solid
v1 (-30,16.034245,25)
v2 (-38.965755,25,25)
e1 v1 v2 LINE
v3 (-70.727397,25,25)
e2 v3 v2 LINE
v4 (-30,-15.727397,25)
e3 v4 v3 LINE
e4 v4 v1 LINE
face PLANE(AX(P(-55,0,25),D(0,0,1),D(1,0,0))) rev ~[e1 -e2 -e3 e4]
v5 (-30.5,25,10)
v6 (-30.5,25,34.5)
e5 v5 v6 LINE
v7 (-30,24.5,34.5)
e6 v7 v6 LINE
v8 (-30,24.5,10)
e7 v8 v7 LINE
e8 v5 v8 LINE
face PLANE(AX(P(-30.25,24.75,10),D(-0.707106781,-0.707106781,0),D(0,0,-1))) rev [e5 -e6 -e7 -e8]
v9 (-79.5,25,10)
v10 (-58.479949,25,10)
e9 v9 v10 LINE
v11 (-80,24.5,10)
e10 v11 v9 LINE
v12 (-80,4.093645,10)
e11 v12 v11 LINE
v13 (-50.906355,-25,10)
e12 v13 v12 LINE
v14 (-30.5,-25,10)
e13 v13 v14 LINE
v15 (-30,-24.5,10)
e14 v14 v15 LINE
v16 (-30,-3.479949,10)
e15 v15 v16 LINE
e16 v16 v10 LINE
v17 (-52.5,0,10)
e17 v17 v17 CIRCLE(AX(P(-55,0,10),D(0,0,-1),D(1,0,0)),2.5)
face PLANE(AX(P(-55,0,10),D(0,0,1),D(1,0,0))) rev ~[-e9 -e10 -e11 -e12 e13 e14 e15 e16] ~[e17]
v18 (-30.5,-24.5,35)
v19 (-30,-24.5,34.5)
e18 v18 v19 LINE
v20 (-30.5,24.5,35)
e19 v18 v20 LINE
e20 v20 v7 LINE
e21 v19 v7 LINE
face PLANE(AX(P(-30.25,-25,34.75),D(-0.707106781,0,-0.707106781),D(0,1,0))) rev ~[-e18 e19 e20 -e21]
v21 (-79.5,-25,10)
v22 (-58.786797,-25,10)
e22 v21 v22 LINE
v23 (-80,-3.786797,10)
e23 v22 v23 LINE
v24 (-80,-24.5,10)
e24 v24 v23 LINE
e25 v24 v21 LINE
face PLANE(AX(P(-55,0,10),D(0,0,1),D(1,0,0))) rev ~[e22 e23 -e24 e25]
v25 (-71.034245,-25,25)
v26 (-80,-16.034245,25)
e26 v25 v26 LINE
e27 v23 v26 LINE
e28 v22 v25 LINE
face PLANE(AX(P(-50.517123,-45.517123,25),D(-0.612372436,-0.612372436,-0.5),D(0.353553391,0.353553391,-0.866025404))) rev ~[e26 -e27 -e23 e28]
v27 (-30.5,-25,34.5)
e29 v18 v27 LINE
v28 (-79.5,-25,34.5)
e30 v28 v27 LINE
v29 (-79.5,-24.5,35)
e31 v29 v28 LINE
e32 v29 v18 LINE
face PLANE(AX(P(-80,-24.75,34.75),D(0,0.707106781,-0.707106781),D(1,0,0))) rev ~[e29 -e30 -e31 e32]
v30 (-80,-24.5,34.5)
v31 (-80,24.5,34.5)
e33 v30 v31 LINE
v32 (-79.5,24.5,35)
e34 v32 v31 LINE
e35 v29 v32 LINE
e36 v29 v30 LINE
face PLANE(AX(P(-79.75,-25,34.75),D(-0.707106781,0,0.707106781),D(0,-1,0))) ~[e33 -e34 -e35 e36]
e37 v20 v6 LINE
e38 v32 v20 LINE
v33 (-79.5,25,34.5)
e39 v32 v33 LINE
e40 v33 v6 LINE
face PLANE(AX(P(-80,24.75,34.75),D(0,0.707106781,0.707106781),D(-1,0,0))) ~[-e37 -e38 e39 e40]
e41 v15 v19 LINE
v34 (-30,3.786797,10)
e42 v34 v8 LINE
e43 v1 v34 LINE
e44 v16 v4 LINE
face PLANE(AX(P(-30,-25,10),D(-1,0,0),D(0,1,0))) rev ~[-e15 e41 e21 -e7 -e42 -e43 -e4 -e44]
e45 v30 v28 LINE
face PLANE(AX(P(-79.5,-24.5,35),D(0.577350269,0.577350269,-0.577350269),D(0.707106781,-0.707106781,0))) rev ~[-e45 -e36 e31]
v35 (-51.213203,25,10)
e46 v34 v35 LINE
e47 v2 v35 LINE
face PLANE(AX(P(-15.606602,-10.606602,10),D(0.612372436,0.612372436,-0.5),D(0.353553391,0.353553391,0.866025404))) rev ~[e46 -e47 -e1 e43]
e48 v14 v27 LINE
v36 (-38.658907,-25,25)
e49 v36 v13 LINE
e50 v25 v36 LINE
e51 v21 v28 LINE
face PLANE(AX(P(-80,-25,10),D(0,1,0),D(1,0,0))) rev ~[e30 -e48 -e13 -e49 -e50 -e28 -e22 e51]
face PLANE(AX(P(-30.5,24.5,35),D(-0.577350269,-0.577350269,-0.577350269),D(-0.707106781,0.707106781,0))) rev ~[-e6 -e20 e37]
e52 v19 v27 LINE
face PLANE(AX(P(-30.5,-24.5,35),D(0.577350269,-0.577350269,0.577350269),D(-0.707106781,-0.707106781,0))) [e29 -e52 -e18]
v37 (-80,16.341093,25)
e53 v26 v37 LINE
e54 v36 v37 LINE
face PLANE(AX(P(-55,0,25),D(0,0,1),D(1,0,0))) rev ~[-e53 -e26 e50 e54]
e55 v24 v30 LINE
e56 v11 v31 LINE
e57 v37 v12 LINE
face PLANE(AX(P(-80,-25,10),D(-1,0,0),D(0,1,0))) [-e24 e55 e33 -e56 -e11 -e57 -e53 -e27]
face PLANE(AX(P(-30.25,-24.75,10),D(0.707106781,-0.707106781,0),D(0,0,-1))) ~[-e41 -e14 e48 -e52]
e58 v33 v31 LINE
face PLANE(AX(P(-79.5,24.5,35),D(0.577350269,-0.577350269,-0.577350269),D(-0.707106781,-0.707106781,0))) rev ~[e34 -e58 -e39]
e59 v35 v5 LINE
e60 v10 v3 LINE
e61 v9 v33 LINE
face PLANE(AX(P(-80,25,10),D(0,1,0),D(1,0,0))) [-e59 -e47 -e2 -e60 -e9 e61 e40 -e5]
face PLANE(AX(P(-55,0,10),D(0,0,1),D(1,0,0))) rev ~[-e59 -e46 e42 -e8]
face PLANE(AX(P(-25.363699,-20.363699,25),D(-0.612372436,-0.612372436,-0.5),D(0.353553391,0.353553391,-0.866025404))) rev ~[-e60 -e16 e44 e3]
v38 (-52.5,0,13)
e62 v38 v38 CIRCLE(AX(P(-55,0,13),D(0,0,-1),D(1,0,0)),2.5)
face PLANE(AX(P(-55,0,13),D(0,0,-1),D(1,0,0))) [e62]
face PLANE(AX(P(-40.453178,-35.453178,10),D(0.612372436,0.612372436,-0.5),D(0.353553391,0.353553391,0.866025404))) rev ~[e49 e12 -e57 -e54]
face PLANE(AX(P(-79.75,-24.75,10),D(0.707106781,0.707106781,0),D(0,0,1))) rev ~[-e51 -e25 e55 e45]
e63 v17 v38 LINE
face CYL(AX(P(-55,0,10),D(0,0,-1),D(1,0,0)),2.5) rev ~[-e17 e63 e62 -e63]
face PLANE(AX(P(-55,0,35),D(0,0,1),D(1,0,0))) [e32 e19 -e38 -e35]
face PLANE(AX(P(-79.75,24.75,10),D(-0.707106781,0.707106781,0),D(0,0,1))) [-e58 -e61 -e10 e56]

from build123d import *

# Parameters (mm, degrees)
F0_W      = 50
F0_H      = 50
F1_DEPTH  = 25
F4_DEPTH  = 70.7116781187
F5_W      = 50
F5_H      = 50
F6_DEPTH  = 25
F9_SIZE   = 0.5
F11_R     = 2.5
F12_DEPTH = 3


with BuildPart() as f1:
    # F0 (on Top) → F1 (new body)
    with BuildSketch(Plane.XY):
        Rectangle(F0_W, F0_H)
    extrude(amount=F1_DEPTH)

    # F3 (on face) → F4 (cut, through all)
    with BuildSketch(Plane(origin=(25, -25, 0), x_dir=(-0.7071067812, -0.7071067812, 0), z_dir=(-0.7071067812, 0.7071067812, 0))):
        Polygon((35.3553390593, 25), (29.0155930972, 25), (20.3553390593, 10), (35.3553390593, 10), align=None)
        Polygon((-20.3553390593, 10), (-29.0155930972, 25), (-35.3553390593, 25), (-35.3553390593, 10), align=None)
        Polygon((6.1227716358, 25), (0, 25), (-6.5567202885, 25), (-15.2169743263, 10), (14.7830256737, 10), align=None)
    extrude(amount=F4_DEPTH, mode=Mode.SUBTRACT)


with BuildPart() as f6:
    # F5 (on face) → F6 (new body)
    with BuildSketch(Plane.XY.offset(10)):
        Rectangle(F5_W, F5_H)
    extrude(amount=F6_DEPTH)

    # F7: cut F1
    add(f1.part, mode=Mode.SUBTRACT)


with BuildPart() as f6_1:
    # F8: moved
    add(f6.part.moved(Location((-55, 0, 0))))

    # F9
    f9_edges = [f6_1.edges().sort_by_distance(p)[0] for p in [
        (-80, 25, 22.5),
        (-80, -25, 22.5),
        (-30, 25, 22.5),
        (-30, -25, 22.5),
        (-30, 0, 35),
        (-55, 25, 35),
        (-80, 0, 35),
        (-55, -25, 35),
    ]]
    chamfer(f9_edges, length=F9_SIZE)

    # F11 (on face) → F12 (cut)
    with BuildSketch(Plane(origin=(0, 0, 10), x_dir=(1, 0, 0), z_dir=(0, 0, -1))):
        with Locations((-55, 0)):
            Circle(F11_R)
    extrude(amount=-F12_DEPTH, mode=Mode.SUBTRACT)


solid = f6_1.part
